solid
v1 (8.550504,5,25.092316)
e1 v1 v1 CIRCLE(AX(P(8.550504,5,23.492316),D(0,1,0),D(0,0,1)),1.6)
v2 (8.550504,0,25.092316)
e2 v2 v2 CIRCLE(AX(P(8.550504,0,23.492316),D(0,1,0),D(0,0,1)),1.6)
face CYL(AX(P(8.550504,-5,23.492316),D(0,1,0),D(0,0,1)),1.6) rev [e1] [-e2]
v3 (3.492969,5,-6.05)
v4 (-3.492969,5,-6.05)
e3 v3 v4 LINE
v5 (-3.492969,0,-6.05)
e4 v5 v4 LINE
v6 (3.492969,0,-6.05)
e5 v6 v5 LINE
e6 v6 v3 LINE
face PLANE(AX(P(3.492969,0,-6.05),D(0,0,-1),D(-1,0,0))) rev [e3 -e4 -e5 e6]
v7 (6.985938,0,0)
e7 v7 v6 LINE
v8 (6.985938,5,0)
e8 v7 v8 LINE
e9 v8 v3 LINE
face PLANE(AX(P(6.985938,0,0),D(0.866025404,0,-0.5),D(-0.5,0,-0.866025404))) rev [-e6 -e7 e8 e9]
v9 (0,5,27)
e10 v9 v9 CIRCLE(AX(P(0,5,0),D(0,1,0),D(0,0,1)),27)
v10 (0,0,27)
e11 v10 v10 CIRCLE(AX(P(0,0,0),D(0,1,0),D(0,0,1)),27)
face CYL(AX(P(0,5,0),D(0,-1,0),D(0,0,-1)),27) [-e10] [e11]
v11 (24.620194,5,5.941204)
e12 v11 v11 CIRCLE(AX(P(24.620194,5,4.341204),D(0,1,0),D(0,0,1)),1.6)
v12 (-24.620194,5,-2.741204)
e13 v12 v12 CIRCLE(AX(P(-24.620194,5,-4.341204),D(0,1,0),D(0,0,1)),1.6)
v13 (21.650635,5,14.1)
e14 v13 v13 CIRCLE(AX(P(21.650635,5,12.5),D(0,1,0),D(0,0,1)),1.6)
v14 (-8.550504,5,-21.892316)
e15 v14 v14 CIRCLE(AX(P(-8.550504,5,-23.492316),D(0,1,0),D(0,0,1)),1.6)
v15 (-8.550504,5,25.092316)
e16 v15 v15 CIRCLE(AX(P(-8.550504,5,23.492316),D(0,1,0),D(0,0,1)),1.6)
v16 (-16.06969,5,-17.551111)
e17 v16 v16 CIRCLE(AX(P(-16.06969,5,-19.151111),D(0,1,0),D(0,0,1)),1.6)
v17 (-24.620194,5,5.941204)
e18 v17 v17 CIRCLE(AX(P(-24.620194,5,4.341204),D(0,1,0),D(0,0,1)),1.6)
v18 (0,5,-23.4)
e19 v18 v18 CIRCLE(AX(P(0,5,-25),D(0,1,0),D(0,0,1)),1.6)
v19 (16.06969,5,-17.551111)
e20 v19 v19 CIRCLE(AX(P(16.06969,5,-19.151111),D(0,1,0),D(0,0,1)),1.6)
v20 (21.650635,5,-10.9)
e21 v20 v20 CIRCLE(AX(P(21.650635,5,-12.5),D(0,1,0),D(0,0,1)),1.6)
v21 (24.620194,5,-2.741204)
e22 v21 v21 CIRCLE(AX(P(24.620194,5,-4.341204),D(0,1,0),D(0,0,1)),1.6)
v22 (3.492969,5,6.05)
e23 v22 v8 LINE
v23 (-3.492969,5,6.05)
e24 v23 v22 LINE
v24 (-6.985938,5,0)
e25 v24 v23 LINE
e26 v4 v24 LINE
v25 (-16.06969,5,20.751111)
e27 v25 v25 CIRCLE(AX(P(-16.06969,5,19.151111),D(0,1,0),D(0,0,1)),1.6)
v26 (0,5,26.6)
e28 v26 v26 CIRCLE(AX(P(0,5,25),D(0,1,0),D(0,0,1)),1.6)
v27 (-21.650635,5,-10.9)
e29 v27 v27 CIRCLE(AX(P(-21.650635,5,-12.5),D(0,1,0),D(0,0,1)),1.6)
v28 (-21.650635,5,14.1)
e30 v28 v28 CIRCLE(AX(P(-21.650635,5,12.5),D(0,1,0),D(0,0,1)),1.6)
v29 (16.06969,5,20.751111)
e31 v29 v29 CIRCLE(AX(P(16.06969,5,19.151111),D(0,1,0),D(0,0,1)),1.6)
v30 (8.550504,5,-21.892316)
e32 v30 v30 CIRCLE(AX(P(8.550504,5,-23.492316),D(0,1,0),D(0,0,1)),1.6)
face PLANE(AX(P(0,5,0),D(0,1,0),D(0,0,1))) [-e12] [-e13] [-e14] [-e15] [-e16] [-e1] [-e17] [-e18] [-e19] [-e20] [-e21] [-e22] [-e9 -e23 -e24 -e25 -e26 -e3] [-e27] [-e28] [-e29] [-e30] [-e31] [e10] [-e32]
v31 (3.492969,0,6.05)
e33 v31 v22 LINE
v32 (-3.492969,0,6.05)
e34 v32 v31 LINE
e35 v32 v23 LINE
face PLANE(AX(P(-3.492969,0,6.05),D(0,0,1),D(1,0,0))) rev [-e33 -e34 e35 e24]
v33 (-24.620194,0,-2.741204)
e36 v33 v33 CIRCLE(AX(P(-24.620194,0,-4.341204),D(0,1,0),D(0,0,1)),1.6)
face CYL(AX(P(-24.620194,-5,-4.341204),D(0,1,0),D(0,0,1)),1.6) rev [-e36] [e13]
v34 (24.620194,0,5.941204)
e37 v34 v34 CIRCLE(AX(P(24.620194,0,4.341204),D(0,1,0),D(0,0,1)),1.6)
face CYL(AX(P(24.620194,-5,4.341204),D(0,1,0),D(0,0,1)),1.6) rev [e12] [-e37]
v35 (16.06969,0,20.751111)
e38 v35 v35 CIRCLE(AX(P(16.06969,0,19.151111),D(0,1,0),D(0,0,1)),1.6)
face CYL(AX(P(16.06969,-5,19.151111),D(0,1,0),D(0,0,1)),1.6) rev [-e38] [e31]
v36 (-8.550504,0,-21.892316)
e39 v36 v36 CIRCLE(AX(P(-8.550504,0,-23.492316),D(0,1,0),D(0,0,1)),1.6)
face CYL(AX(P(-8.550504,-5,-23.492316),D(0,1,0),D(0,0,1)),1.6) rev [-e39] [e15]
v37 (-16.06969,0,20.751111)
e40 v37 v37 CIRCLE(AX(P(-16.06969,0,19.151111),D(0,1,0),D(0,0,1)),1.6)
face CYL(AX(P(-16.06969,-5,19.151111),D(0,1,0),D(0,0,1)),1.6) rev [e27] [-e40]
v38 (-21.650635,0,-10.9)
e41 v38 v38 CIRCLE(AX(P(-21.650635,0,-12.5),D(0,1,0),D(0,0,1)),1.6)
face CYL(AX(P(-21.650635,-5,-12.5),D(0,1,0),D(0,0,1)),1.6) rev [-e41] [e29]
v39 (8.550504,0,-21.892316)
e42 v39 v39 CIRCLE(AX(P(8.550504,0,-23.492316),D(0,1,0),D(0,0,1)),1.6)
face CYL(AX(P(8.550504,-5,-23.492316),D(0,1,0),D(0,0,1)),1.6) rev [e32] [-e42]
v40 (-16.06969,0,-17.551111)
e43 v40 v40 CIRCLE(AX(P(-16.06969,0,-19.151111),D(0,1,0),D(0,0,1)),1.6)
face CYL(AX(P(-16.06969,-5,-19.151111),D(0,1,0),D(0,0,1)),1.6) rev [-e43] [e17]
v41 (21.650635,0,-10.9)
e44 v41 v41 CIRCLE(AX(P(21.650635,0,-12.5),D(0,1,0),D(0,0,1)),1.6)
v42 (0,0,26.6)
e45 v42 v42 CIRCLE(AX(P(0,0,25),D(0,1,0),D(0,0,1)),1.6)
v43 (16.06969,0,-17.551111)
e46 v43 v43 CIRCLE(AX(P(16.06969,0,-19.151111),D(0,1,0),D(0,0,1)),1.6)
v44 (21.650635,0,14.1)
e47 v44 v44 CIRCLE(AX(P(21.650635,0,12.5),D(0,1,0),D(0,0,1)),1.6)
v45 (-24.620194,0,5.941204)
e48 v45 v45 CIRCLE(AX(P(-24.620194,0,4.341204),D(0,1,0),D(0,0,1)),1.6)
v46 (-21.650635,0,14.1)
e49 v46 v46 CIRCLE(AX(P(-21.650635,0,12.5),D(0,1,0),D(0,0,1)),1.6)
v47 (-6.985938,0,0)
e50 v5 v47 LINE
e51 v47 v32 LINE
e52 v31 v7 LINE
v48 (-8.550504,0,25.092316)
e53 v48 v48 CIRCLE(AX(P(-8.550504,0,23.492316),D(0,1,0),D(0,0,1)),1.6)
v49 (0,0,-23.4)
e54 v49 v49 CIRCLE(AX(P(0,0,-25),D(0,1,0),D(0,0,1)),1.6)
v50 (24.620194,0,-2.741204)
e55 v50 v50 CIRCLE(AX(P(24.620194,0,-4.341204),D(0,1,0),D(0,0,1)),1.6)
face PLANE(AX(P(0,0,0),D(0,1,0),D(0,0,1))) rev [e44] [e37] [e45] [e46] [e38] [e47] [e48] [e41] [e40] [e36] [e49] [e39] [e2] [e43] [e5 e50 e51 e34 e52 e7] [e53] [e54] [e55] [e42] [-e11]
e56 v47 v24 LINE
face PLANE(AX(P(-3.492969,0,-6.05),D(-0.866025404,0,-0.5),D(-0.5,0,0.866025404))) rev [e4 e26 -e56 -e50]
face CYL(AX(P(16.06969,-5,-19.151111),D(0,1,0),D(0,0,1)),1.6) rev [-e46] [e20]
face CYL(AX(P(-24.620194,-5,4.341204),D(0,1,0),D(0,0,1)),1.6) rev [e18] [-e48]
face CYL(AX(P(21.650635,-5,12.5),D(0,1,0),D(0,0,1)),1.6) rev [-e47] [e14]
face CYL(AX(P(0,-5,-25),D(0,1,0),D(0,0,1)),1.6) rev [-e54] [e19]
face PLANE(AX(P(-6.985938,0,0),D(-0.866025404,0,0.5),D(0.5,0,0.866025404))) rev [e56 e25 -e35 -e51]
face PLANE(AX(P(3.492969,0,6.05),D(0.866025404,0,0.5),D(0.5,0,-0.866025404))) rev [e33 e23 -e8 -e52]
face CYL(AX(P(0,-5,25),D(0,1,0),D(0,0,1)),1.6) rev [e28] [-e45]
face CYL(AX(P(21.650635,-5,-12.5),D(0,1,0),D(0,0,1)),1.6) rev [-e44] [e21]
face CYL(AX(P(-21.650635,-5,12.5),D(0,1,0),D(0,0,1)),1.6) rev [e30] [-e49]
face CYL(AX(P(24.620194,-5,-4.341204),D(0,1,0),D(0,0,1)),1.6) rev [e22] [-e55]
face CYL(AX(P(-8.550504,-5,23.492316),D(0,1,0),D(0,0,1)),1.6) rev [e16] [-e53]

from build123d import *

# Parameters (mm, degrees)
SKETCH_1_R          = 27
SKETCH_1_R_2        = 2
EXTRUDE_1_DEPTH     = 5
CUT_EXTRUDE_1_DEPTH = 5
SKETCH_3_R          = 1.6
CUT_EXTRUDE_2_DEPTH = 10


with BuildPart() as part:
    # 草图1 → 凸台-拉伸1 (new body)
    with BuildSketch(Plane(origin=(0, 0, 0), x_dir=(1, 0, 0), z_dir=(0, 1, 0))):
        with Locations(Location((0, 0, 0), (0, 0, 270))):
            Circle(SKETCH_1_R)
        with Locations(Location((0, 0, 0), (0, 0, 270))):
            Circle(SKETCH_1_R_2, mode=Mode.SUBTRACT)
    extrude(amount=EXTRUDE_1_DEPTH)

    # 草图2 → 切除-拉伸1 (cut)
    with BuildSketch(Plane(origin=(0, 5, 0), x_dir=(1, 0, 0), z_dir=(0, 1, 0))):
        Polygon((-3.492969129, -6.05), (3.492969129, -6.05), (6.985938257, 0), (3.492969129, 6.05), (-3.492969129, 6.05), (-6.985938257, 0), align=None)
    extrude(amount=-CUT_EXTRUDE_1_DEPTH, mode=Mode.SUBTRACT)

    # 草图3 → 切除-拉伸2 (cut)
    with BuildSketch(Plane(origin=(0, 5, 0), x_dir=(1, 0, 0), z_dir=(0, 1, 0))):
        with Locations(Location((0, 25, 0), (0, 0, 270))):
            Circle(SKETCH_3_R)
        with Locations(Location((8.550503583, 23.49231552, 0), (0, 0, 270))):
            Circle(SKETCH_3_R)
        with Locations(Location((16.069690242, 19.151111078, 0), (0, 0, 270))):
            Circle(SKETCH_3_R)
        with Locations(Location((21.650635095, 12.5, 0), (0, 0, 270))):
            Circle(SKETCH_3_R)
        with Locations(Location((24.620193825, 4.341204442, 0), (0, 0, 270))):
            Circle(SKETCH_3_R)
        with Locations(Location((24.620193825, -4.341204442, 0), (0, 0, 270))):
            Circle(SKETCH_3_R)
        with Locations(Location((21.650635095, -12.5, 0), (0, 0, 270))):
            Circle(SKETCH_3_R)
        with Locations(Location((16.069690242, -19.151111078, 0), (0, 0, 270))):
            Circle(SKETCH_3_R)
        with Locations(Location((8.550503583, -23.49231552, 0), (0, 0, 270))):
            Circle(SKETCH_3_R)
        with Locations(Location((0, -25, 0), (0, 0, 270))):
            Circle(SKETCH_3_R)
        with Locations(Location((-8.550503583, -23.49231552, 0), (0, 0, 270))):
            Circle(SKETCH_3_R)
        with Locations(Location((-16.069690242, -19.151111078, 0), (0, 0, 270))):
            Circle(SKETCH_3_R)
        with Locations(Location((-21.650635095, -12.5, 0), (0, 0, 270))):
            Circle(SKETCH_3_R)
        with Locations(Location((-24.620193825, -4.341204442, 0), (0, 0, 270))):
            Circle(SKETCH_3_R)
        with Locations(Location((-24.620193825, 4.341204442, 0), (0, 0, 270))):
            Circle(SKETCH_3_R)
        with Locations(Location((-21.650635095, 12.5, 0), (0, 0, 270))):
            Circle(SKETCH_3_R)
        with Locations(Location((-16.069690242, 19.151111078, 0), (0, 0, 270))):
            Circle(SKETCH_3_R)
        with Locations(Location((-8.550503583, 23.49231552, 0), (0, 0, 270))):
            Circle(SKETCH_3_R)
    extrude(amount=-CUT_EXTRUDE_2_DEPTH, mode=Mode.SUBTRACT)


solid = part.part
